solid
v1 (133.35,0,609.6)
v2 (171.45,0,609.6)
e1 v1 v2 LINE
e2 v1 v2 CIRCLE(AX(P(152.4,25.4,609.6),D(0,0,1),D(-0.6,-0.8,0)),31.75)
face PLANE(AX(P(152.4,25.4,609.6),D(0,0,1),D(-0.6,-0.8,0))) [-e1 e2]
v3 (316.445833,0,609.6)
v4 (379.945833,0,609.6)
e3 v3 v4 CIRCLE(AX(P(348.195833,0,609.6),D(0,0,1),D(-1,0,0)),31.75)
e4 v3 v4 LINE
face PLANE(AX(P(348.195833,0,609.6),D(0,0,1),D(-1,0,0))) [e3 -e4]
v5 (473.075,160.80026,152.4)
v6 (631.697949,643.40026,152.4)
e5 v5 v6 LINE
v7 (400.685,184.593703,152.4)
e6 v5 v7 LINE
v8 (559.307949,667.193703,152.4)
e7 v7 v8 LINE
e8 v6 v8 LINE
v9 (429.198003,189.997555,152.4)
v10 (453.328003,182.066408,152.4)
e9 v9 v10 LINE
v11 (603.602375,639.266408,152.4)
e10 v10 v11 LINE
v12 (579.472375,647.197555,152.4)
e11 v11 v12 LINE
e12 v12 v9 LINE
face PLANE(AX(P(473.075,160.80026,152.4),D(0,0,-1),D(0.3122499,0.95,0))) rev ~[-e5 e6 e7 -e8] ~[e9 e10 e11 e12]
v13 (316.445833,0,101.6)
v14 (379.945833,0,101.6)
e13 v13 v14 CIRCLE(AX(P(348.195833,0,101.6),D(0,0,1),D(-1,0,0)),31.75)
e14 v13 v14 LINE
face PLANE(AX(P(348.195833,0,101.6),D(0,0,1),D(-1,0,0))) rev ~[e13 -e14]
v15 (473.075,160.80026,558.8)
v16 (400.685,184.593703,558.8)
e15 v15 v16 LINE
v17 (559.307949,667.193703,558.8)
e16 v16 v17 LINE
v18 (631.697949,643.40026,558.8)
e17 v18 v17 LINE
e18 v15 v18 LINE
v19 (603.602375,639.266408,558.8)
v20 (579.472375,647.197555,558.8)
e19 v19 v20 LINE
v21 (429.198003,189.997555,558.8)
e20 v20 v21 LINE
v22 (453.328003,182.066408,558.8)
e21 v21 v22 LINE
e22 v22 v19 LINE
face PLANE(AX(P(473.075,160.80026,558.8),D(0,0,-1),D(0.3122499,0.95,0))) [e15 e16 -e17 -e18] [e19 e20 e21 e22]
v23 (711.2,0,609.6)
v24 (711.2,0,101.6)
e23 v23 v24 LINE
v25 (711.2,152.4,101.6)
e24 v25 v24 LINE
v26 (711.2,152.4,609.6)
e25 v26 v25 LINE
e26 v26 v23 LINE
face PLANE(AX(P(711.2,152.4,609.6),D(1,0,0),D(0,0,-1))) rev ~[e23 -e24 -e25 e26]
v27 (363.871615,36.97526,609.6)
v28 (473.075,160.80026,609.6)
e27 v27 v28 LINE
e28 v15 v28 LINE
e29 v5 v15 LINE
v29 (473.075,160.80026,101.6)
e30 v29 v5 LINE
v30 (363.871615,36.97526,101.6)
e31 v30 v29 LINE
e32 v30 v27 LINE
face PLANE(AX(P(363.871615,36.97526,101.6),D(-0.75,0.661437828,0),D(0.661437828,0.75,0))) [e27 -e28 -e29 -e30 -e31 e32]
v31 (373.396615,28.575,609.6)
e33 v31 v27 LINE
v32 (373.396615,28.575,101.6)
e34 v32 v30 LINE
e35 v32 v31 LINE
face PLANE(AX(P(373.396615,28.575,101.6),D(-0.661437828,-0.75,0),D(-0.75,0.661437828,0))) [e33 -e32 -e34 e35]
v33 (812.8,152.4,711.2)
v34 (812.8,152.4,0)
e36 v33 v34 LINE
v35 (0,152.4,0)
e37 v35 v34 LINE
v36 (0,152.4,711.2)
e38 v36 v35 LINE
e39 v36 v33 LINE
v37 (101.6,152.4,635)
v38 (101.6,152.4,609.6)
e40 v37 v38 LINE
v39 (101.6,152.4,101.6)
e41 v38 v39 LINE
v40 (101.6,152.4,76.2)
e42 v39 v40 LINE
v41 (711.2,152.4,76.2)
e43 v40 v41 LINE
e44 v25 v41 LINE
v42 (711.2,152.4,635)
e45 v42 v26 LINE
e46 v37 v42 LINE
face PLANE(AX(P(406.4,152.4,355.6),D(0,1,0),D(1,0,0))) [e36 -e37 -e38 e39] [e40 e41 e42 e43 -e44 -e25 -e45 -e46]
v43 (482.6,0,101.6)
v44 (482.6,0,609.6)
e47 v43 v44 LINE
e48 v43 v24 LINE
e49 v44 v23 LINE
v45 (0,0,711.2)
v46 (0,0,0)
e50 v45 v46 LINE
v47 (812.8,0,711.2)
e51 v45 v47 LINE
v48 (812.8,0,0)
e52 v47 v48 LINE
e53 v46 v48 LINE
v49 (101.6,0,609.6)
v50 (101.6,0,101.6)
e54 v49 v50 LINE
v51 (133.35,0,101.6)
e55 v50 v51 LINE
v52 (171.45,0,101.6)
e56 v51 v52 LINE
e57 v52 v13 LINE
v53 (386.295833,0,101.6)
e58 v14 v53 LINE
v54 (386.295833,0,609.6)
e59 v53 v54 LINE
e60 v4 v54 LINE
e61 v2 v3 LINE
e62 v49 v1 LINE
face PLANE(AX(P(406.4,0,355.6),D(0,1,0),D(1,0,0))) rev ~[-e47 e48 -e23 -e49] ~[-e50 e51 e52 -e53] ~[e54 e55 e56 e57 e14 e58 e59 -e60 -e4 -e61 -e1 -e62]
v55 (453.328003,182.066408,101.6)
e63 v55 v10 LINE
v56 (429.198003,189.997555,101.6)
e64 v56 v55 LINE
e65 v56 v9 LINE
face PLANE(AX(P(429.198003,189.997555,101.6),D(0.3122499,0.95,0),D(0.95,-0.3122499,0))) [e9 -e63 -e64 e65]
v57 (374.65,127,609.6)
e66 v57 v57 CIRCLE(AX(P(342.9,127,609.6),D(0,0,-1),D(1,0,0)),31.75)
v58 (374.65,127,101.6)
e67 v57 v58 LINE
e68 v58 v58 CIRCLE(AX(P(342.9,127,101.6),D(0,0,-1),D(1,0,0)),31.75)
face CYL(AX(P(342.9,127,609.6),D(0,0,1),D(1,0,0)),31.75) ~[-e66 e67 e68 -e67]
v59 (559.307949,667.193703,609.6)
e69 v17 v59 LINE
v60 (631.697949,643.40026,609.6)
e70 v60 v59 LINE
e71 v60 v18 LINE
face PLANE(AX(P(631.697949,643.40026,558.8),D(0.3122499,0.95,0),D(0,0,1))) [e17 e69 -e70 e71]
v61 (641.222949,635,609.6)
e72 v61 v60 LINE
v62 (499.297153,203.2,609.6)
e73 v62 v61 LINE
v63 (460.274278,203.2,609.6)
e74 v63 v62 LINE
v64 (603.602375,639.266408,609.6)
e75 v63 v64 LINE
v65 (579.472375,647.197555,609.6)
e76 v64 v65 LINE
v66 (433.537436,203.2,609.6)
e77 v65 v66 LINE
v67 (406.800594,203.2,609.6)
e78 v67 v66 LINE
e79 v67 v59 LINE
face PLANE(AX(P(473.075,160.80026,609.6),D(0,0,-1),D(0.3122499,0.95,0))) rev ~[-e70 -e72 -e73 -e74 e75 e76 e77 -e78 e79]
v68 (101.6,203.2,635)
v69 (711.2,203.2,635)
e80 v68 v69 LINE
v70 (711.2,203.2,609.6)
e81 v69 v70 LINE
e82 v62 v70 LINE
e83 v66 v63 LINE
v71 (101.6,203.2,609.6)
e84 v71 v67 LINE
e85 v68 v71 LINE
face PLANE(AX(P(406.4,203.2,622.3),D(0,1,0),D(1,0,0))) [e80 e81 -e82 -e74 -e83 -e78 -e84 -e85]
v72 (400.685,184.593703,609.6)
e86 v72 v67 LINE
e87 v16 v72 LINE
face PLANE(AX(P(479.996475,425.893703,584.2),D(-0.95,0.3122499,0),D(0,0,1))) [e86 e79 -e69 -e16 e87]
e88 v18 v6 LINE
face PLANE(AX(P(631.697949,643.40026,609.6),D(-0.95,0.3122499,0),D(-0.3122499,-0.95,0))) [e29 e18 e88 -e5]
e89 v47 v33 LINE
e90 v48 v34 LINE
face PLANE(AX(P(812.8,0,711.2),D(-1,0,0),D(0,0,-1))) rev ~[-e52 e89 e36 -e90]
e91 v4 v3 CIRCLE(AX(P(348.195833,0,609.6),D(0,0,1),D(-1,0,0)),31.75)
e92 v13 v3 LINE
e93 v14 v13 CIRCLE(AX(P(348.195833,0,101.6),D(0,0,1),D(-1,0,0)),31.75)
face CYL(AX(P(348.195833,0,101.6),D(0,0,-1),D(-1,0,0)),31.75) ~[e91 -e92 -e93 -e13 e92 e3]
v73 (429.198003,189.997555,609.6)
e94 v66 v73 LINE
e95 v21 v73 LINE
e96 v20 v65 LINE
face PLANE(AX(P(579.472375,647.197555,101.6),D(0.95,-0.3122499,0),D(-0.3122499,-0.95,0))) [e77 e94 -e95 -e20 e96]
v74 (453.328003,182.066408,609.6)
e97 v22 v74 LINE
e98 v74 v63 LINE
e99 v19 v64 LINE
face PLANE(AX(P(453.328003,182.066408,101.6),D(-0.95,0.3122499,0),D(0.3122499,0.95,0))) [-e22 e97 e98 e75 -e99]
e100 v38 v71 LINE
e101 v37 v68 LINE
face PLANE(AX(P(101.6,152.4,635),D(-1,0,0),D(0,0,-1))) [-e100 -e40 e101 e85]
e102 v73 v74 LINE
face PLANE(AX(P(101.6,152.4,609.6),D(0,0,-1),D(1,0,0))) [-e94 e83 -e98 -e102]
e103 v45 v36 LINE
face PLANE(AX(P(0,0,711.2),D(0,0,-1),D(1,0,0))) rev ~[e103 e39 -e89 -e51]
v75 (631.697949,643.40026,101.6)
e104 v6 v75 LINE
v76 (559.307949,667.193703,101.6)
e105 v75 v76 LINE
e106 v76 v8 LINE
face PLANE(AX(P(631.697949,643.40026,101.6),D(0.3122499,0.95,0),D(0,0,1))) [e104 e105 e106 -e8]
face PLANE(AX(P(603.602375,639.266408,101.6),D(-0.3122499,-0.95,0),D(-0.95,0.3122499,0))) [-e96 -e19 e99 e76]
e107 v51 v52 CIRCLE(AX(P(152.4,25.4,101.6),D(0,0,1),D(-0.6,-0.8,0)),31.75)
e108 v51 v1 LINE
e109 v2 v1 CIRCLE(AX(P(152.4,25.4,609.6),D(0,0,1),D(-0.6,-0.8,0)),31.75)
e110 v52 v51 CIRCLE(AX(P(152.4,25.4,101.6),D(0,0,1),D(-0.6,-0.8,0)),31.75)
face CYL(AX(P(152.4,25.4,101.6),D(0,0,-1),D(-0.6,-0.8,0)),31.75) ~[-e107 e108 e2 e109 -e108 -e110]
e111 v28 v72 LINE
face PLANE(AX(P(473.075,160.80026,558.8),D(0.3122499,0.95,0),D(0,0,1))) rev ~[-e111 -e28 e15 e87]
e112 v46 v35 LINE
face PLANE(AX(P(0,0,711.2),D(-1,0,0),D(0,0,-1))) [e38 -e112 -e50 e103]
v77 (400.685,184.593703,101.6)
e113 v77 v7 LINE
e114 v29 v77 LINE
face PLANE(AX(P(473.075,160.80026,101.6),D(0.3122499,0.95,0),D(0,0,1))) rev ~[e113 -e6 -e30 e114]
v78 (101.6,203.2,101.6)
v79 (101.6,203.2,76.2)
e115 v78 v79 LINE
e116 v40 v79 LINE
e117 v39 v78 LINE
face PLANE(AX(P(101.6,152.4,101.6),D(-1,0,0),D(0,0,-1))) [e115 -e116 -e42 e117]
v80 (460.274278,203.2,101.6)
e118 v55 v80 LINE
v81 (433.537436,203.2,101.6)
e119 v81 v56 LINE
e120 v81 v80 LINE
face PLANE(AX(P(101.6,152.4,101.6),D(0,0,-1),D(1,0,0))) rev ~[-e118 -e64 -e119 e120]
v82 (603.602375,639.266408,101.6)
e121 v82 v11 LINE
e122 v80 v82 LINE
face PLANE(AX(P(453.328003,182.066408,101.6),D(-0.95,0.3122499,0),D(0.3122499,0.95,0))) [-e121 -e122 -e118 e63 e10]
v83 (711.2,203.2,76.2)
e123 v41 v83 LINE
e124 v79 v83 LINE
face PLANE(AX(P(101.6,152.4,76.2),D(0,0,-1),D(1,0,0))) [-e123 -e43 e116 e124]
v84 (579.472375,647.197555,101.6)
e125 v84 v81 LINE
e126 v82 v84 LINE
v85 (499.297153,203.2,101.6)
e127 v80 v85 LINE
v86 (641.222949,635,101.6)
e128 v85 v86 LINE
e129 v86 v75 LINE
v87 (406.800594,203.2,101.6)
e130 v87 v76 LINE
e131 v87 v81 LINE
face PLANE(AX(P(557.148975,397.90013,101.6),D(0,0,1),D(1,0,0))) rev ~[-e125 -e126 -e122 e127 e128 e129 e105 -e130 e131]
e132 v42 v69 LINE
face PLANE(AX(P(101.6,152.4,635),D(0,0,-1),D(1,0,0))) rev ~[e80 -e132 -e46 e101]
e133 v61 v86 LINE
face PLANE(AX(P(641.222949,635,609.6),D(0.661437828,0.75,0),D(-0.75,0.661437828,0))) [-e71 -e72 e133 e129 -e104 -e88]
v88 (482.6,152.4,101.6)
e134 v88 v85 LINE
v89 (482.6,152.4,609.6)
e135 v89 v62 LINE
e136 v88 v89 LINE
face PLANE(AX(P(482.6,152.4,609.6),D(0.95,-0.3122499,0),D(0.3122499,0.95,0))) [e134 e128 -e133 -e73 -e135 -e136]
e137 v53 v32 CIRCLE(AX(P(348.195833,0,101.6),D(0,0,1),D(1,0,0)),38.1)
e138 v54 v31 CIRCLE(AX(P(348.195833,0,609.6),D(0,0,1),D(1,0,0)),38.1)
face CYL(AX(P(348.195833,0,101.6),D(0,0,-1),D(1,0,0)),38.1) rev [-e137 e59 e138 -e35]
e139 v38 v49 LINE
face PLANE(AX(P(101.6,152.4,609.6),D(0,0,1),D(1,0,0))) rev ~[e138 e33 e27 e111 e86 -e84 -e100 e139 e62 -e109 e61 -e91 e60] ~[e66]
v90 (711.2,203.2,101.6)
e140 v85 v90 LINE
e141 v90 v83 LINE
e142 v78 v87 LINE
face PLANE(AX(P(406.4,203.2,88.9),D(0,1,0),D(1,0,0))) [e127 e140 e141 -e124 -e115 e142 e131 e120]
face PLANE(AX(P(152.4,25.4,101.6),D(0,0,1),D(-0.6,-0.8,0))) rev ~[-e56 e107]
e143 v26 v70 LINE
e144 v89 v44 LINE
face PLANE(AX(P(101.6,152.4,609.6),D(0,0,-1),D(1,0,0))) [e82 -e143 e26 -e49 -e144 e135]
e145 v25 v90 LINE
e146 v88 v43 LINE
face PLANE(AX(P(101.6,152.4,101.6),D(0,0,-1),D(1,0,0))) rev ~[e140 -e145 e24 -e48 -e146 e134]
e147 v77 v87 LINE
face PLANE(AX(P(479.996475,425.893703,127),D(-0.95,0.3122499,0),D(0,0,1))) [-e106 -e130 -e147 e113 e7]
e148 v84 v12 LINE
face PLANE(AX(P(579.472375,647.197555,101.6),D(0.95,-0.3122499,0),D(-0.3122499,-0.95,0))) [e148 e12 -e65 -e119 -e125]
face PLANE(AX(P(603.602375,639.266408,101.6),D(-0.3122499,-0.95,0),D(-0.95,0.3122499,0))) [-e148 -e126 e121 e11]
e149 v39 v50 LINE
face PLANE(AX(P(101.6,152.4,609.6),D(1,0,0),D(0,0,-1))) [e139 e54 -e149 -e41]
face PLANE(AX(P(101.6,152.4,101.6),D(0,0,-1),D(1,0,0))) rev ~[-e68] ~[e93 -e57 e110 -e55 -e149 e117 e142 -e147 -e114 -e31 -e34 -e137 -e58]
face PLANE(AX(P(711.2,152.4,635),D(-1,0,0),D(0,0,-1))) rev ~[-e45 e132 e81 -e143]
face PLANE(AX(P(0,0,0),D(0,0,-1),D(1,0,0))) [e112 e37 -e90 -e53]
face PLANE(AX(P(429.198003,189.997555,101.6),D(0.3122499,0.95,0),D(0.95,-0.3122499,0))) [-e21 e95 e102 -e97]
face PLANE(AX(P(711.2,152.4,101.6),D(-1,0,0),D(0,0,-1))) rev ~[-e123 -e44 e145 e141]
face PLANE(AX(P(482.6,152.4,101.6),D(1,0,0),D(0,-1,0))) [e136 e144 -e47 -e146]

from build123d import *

# Parameters (mm, degrees)
SKETCH1_W            = 812.8
SKETCH1_H            = 711.2
BOSS_EXTRUDE1_DEPTH  = 152.4
SKETCH2_W            = 609.6
SKETCH2_H            = 508
CUT_EXTRUDE1_DEPTH   = 152.4
SKETCH4_R            = 31.75
BOSS_EXTRUDE3_DEPTH  = 508
BOSS_EXTRUDE4_DEPTH  = 508
SKETCH7_R            = 31.75
BOSS_EXTRUDE5_DEPTH  = 508
BOSS_EXTRUDE6_DEPTH  = 508
BOSS_EXTRUDE7_DEPTH  = 508
SKETCH11_W           = 50.8
SKETCH11_H           = 508
BOSS_EXTRUDE8_DEPTH  = 76.2
CUT_EXTRUDE2_DEPTH   = 508
SKETCH14_W           = 609.6
SKETCH14_H           = 25.4
BOSS_EXTRUDE10_DEPTH = 50.8
SKETCH15_R           = 31.75
BOSS_EXTRUDE11_DEPTH = 508


with BuildPart() as part:
    # Sketch1 → Boss-Extrude1 (new body)
    with BuildSketch(Plane(origin=(0, 0, 0), x_dir=(1, 0, 0), z_dir=(0, 1, 0))):
        with Locations((406.4, -355.6)):
            Rectangle(SKETCH1_W, SKETCH1_H)
    extrude(amount=BOSS_EXTRUDE1_DEPTH)

    # Sketch2 → Cut-Extrude1 (cut)
    with BuildSketch(Plane(origin=(0, 152.4, 0), x_dir=(1, 0, 0), z_dir=(0, 1, 0))):
        with Locations((406.4, -355.6)):
            Rectangle(SKETCH2_W, SKETCH2_H)
    extrude(amount=-CUT_EXTRUDE1_DEPTH, mode=Mode.SUBTRACT)

    # Sketch4 → Boss-Extrude3 (add)
    with BuildSketch(Plane.XY.offset(101.6)):
        with Locations(Location((152.4, 25.4, 0), (0, 0, 233.130102354))):
            Circle(SKETCH4_R)
    extrude(amount=BOSS_EXTRUDE3_DEPTH)

    # Sketch6 → Boss-Extrude4 (add)
    with BuildSketch(Plane.XY.offset(101.6)):
        with BuildLine():
            Line((373.396614636, 28.575), (482.6, 152.4))
            Line((482.6, 152.4), (482.6, 0))
            Line((482.6, 0), (386.295833398, 0))
            ThreePointArc((386.295833398, 0), (382.921614636, 15.675781238), (373.396614636, 28.575))
        make_face()
    extrude(amount=BOSS_EXTRUDE4_DEPTH)

    # Sketch7 → Boss-Extrude5 (add)
    with BuildSketch(Plane.XY.offset(101.6)):
        with Locations(Location((348.195833398, 0, 0), (0, 0, 180))):
            Circle(SKETCH7_R)
    extrude(amount=BOSS_EXTRUDE5_DEPTH)

    # Sketch8 → Boss-Extrude6 (add)
    with BuildSketch(Plane.XY.offset(101.6)):
        Polygon((373.396614636, 28.575), (363.871614636, 36.975260413), (473.075, 160.800260413), (482.6, 152.4), align=None)
    extrude(amount=BOSS_EXTRUDE6_DEPTH)

    # Sketch9 → Boss-Extrude7 (add)
    with BuildSketch(Plane.XY.offset(609.6)):
        Polygon((482.6, 152.4), (641.222949159, 635), (631.697949159, 643.400260413), (473.075, 160.800260413), align=None)
    extrude(amount=-BOSS_EXTRUDE7_DEPTH)

    # Sketch11 → Boss-Extrude8 (add)
    with BuildSketch(Plane(origin=(379.25081554, -124.653714944, 0), x_dir=(0, 0, 1), z_dir=(-0.95, 0.3122498999199199, 0))):
        with Locations((584.2, 554.477868797)):
            Rectangle(SKETCH11_W, SKETCH11_H)
        with Locations((127, 554.477868797)):
            Rectangle(SKETCH11_W, SKETCH11_H)
    extrude(amount=BOSS_EXTRUDE8_DEPTH)

    # Sketch12 → Cut-Extrude2 (cut)
    with BuildSketch(Plane(origin=(0, 0, 101.6), x_dir=(-1, 0, 0), z_dir=(0, 0, -1))):
        Polygon((-579.47237543, 647.197555329), (-429.198002543, 189.997555329), (-453.328002543, 182.066407871), (-603.60237543, 639.266407871), align=None)
    extrude(amount=-CUT_EXTRUDE2_DEPTH, mode=Mode.SUBTRACT)

    # Sketch14 → Boss-Extrude10 (add)
    with BuildSketch(Plane(origin=(0, 152.4, 0), x_dir=(1, 0, 0), z_dir=(0, 1, 0))):
        with Locations((406.4, -88.9)):
            Rectangle(SKETCH14_W, SKETCH14_H)
        with Locations((406.4, -622.3)):
            Rectangle(SKETCH14_W, SKETCH14_H)
    extrude(amount=BOSS_EXTRUDE10_DEPTH)

    # Sketch15 → Boss-Extrude11 (add)
    with BuildSketch(Plane(origin=(0, 0, 609.6), x_dir=(-1, 0, 0), z_dir=(0, 0, -1))):
        with Locations(Location((-342.9, 127, 0), (0, 0, 180))):
            Circle(SKETCH15_R)
    extrude(amount=BOSS_EXTRUDE11_DEPTH)


solid = part.part
